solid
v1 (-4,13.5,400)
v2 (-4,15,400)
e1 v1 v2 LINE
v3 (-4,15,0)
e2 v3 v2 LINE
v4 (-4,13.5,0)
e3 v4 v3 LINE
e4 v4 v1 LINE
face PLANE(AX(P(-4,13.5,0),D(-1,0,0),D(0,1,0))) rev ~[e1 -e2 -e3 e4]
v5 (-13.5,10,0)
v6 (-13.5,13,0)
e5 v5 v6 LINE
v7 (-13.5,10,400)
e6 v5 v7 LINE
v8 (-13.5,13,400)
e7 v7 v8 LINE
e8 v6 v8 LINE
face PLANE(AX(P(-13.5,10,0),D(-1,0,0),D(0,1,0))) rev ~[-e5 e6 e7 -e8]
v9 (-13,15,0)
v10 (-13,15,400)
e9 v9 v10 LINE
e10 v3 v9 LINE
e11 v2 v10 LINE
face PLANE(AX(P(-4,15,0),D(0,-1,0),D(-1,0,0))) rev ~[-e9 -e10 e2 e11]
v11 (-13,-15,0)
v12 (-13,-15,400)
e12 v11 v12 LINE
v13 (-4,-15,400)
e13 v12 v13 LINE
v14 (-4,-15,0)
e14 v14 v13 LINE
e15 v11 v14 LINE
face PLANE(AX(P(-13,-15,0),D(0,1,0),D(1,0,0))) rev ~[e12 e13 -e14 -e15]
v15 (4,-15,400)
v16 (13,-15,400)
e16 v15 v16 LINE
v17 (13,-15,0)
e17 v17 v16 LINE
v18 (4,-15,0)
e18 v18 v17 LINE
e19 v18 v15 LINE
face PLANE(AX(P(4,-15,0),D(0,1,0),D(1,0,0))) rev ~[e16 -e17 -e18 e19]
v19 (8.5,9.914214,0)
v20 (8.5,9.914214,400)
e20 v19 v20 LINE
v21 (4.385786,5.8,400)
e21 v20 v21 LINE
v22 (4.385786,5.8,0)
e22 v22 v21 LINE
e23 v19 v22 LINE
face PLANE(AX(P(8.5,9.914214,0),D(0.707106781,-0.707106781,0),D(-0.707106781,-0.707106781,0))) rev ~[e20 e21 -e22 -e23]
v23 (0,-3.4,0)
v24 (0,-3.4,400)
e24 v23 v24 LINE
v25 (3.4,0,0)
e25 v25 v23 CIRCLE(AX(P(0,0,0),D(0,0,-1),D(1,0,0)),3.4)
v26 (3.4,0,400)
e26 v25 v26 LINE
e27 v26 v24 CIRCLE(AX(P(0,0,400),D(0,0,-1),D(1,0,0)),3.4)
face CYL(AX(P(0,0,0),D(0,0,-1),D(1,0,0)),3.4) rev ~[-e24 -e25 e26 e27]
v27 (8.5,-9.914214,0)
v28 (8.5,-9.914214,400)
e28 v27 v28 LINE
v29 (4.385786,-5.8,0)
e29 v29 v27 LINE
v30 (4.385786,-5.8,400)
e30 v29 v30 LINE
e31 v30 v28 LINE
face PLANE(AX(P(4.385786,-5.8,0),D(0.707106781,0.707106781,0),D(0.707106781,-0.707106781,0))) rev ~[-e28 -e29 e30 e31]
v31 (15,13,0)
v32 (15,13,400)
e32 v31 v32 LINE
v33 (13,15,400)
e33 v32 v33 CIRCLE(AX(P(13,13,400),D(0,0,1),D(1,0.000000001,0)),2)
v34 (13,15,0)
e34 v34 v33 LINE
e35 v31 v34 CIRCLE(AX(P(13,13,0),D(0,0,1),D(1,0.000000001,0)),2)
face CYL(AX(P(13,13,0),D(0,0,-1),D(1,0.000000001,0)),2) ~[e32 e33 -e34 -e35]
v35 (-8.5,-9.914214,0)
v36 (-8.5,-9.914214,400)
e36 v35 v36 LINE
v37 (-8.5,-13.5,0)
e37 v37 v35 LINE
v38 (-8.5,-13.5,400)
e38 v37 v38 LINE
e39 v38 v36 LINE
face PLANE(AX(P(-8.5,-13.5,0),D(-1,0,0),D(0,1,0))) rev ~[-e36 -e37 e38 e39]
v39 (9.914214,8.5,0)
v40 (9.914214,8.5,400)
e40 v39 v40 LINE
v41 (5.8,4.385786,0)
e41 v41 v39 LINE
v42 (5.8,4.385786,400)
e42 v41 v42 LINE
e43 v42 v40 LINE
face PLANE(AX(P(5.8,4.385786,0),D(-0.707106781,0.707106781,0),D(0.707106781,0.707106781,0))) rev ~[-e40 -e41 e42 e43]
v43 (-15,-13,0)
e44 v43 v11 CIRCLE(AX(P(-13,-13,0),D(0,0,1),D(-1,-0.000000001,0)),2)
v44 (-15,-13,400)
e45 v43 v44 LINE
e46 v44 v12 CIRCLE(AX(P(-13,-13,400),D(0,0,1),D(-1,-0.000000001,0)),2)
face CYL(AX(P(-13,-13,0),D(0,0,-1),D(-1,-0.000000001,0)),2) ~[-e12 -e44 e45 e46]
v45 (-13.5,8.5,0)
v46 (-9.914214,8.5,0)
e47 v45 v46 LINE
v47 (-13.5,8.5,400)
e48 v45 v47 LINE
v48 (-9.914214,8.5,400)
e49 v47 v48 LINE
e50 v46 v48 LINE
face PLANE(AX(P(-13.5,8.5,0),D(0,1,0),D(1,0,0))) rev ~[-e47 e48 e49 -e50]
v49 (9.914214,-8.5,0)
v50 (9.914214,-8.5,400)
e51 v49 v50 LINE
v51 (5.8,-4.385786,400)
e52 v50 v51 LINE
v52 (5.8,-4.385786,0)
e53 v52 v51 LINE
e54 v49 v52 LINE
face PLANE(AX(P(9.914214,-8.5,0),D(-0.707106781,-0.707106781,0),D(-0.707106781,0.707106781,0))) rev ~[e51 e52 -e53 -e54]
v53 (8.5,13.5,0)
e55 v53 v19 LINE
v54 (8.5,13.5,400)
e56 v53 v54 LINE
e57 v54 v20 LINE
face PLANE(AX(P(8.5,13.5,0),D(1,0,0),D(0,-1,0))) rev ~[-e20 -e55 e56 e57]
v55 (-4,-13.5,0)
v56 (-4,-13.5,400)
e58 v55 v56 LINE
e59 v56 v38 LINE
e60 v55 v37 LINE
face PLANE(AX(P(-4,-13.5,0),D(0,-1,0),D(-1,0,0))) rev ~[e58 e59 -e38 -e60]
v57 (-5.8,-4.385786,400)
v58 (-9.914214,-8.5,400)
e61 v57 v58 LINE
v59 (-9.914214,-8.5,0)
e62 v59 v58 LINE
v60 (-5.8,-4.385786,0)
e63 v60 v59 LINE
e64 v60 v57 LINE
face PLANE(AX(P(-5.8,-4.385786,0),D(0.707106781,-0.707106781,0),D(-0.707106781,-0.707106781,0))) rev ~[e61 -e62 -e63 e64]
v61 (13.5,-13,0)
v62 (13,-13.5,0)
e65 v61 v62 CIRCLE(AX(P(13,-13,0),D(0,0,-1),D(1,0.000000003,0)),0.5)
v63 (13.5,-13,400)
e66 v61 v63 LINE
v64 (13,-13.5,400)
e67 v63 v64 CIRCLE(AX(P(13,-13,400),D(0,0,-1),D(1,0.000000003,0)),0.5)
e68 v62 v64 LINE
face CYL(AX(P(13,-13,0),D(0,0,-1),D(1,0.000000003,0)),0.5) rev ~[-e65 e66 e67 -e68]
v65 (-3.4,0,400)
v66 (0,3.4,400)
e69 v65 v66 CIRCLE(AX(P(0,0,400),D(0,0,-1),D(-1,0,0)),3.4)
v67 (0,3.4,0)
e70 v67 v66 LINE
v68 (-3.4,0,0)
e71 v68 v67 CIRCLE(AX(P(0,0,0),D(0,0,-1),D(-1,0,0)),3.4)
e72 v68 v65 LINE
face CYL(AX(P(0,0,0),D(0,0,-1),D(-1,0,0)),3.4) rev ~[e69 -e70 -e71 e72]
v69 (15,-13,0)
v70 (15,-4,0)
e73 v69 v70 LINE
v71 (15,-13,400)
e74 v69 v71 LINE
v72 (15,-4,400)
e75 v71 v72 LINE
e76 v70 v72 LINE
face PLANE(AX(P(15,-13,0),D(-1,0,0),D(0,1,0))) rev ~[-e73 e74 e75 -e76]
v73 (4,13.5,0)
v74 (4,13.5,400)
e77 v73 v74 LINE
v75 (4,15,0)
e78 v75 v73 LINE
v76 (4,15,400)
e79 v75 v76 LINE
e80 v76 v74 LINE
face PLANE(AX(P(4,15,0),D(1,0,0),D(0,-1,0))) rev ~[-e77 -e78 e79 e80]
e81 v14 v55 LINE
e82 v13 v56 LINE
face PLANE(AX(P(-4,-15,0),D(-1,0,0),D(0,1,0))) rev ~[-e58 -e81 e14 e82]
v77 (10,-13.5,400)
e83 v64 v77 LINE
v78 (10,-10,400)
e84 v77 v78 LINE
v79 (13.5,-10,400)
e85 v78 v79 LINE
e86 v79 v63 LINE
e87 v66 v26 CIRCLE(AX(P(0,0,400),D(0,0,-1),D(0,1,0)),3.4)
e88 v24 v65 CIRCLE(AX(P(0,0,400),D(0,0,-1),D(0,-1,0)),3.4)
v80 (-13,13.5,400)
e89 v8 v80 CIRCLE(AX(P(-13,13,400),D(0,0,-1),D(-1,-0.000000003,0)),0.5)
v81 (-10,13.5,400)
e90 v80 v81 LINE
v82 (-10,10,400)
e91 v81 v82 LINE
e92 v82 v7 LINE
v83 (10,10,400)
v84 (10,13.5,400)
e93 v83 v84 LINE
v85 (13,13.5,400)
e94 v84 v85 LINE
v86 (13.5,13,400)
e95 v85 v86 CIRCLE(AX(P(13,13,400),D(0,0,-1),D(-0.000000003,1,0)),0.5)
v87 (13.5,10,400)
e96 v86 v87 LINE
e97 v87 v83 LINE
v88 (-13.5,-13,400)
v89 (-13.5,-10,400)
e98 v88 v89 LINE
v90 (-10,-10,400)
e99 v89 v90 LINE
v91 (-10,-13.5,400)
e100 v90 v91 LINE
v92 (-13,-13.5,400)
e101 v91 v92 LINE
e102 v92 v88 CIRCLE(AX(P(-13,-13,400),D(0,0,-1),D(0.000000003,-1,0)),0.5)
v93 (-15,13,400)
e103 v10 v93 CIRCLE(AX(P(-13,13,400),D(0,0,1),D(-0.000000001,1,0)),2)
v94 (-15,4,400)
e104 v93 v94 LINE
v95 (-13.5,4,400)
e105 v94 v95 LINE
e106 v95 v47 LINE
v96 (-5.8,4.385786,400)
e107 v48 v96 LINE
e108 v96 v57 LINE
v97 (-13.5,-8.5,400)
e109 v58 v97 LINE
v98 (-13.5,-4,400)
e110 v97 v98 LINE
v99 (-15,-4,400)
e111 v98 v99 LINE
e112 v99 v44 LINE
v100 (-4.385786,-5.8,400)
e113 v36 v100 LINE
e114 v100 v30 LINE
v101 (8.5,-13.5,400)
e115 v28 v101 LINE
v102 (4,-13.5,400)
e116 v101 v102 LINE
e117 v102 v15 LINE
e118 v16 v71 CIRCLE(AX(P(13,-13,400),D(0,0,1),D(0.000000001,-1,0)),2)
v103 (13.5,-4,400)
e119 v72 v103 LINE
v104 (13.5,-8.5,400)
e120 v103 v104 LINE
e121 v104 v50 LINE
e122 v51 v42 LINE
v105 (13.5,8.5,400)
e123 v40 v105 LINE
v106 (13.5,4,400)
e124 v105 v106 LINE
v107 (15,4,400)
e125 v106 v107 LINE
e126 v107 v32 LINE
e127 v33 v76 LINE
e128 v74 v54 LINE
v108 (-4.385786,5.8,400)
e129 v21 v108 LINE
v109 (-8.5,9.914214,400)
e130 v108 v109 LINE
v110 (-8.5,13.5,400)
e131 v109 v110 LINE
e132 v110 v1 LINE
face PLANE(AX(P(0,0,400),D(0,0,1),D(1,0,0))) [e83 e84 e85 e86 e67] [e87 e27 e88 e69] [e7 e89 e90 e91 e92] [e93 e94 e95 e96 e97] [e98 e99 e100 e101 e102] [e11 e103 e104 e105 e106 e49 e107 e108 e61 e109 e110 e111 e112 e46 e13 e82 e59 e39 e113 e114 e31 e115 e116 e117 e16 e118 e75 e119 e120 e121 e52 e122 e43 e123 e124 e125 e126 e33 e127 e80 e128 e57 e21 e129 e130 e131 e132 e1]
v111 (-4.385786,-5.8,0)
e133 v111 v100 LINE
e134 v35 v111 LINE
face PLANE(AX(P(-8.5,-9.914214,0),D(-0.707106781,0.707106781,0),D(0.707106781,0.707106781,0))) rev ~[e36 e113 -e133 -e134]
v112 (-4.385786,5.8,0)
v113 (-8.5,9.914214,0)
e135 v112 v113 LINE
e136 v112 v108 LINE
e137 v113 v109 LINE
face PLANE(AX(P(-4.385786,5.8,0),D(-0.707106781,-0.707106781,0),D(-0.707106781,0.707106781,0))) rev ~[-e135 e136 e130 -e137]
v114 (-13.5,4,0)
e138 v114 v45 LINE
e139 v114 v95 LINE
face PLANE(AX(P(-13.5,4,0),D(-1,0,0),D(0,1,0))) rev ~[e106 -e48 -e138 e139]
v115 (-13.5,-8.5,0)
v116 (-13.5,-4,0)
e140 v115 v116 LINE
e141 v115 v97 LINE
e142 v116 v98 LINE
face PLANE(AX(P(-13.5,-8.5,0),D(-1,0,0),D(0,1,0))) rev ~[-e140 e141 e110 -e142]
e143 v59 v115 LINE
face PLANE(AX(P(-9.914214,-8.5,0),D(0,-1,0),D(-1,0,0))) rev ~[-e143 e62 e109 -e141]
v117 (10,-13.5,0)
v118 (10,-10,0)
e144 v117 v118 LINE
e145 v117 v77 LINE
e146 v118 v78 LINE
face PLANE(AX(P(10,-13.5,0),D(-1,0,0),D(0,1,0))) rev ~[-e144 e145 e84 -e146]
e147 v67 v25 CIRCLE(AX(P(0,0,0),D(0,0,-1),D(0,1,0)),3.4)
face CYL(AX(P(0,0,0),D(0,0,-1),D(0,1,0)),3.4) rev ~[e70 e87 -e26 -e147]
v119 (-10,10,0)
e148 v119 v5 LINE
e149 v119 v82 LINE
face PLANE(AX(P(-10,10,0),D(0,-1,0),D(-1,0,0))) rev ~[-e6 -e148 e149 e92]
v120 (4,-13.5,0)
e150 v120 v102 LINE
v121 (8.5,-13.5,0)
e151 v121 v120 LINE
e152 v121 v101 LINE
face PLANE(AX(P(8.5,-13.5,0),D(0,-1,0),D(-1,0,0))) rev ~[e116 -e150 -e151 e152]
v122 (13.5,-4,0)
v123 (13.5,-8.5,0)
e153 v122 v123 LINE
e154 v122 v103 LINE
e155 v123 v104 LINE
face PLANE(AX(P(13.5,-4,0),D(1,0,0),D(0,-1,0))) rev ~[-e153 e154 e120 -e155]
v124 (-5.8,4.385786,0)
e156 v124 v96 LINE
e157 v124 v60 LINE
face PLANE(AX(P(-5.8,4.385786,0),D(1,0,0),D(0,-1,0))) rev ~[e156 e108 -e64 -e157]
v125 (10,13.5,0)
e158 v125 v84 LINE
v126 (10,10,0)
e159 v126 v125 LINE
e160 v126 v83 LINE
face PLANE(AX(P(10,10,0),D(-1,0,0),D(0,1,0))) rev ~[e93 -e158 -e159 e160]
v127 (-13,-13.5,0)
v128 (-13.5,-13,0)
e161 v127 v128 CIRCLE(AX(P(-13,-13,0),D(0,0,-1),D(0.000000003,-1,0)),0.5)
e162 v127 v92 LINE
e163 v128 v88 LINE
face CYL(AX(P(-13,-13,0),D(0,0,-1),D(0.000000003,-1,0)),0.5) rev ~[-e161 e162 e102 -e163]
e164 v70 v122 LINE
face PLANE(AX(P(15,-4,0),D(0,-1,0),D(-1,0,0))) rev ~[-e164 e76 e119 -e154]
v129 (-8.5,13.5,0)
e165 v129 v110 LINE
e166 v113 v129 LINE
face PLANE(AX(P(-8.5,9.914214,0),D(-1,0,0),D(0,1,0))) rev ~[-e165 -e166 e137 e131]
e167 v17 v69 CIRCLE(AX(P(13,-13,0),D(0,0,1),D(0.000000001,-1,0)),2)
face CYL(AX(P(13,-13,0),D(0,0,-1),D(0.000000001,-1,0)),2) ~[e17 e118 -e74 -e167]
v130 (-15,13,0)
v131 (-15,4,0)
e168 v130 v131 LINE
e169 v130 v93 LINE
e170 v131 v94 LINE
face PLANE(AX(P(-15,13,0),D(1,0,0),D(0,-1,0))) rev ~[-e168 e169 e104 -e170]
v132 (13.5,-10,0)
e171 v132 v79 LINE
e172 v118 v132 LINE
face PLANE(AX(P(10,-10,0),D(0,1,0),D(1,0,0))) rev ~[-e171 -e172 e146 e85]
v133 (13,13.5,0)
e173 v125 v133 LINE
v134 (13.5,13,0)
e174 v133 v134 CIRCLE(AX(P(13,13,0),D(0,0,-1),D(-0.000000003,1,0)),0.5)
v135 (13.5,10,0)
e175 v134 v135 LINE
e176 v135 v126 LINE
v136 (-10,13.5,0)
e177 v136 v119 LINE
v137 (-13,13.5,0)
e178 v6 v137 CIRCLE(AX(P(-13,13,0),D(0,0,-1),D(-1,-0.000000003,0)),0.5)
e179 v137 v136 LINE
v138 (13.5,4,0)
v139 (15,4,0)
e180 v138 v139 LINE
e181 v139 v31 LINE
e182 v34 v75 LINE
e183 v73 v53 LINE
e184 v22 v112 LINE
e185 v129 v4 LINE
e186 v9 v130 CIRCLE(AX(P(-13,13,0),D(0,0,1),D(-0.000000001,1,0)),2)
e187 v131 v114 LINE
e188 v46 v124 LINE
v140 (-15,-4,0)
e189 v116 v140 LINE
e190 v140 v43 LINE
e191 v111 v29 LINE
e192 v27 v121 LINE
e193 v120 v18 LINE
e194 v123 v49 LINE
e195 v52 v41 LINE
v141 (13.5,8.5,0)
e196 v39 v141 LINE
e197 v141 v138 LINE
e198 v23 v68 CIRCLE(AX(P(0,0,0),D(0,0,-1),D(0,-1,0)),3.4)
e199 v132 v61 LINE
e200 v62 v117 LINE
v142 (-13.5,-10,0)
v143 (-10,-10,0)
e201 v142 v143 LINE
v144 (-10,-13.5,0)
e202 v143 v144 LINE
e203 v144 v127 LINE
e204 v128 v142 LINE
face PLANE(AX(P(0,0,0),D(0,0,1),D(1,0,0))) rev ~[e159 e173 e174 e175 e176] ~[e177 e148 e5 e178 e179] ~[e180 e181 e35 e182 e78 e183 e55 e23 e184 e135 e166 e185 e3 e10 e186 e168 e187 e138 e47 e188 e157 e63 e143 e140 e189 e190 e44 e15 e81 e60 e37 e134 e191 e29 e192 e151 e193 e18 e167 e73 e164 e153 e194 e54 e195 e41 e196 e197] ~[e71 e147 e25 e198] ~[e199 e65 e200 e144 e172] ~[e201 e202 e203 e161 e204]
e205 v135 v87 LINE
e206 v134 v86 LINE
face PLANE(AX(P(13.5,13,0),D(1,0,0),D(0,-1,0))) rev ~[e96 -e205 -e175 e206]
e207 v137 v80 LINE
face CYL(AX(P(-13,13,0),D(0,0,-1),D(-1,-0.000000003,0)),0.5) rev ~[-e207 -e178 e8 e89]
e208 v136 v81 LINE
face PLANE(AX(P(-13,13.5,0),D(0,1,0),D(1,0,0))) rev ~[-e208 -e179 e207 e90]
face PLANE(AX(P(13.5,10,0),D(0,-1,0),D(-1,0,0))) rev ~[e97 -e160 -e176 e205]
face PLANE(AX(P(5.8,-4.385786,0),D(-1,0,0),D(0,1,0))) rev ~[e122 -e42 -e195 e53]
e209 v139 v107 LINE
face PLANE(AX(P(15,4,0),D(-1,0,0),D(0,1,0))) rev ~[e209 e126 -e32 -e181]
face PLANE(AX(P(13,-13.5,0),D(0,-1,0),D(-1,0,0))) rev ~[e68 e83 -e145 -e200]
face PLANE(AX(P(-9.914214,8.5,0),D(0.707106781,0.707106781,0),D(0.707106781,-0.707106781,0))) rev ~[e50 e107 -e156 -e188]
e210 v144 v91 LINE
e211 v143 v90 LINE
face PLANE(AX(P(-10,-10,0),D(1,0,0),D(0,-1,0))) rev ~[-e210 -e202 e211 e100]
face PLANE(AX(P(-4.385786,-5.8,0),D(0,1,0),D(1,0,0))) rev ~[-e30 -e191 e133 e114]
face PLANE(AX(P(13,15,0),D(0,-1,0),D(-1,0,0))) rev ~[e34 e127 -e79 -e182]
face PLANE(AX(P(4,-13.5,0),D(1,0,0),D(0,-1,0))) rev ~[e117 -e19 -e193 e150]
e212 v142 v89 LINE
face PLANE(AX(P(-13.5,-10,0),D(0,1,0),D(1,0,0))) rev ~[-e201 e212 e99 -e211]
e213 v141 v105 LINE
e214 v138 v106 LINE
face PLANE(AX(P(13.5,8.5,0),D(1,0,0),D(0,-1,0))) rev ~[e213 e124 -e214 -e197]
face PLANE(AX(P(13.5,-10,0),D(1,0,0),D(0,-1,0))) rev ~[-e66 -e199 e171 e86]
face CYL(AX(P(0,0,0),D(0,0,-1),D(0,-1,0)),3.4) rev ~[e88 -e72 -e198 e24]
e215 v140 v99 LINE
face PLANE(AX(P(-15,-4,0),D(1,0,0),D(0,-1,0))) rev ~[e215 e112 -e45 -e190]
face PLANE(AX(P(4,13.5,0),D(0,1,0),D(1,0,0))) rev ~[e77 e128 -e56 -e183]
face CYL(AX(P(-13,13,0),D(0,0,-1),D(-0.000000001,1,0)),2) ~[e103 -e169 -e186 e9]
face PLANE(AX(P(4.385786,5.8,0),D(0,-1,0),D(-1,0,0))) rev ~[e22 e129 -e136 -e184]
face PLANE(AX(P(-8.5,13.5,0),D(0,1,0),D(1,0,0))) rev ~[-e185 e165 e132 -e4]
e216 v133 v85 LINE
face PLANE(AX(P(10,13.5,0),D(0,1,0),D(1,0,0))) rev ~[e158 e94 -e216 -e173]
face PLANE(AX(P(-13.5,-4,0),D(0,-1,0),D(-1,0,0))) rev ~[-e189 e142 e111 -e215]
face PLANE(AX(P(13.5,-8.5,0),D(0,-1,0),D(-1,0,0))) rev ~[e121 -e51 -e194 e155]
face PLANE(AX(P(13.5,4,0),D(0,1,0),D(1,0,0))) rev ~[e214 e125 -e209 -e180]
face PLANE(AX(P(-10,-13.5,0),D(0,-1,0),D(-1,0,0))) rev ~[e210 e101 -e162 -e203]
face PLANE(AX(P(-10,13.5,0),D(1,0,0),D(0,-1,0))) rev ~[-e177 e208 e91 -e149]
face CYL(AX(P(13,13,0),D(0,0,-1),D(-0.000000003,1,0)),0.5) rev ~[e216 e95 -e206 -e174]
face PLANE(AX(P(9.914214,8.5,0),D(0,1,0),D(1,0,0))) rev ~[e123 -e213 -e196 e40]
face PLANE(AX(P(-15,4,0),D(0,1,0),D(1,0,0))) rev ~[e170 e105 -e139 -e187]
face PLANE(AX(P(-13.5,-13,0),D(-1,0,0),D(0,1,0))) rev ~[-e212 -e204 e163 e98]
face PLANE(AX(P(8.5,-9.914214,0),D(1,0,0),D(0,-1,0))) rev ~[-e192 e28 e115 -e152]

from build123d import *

# Parameters (mm, degrees)
DODANIE_WYCI_GNI_CIE1_DEPTH = 400


with BuildPart() as part:
    # Szkic1 → Dodanie-wyciągnięcie1 (new body)
    with BuildSketch(Plane.XY):
        with BuildLine():
            Line((4.385786438, 5.8), (0, 5.8))
            Line((0, 5.8), (-4.385786438, 5.8))
            Line((-4.385786438, 5.8), (-8.5, 9.914213562))
            Line((-8.5, 9.914213562), (-8.5, 13.5))
            Line((-8.5, 13.5), (-4, 13.5))
            Line((-4, 13.5), (-4, 15))
            Line((-4, 15), (-13, 15))
            ThreePointArc((-13, 15), (-14.414213562, 14.414213562), (-15, 13))
            Line((-15, 13), (-15, 4))
            Line((-15, 4), (-13.5, 4))
            Line((-13.5, 4), (-13.5, 8.5))
            Line((-13.5, 8.5), (-9.914213562, 8.5))
            Line((-9.914213562, 8.5), (-5.8, 4.385786438))
            Line((-5.8, 4.385786438), (-5.8, 0))
            Line((-5.8, 0), (-5.8, -4.385786438))
            Line((-5.8, -4.385786438), (-9.914213562, -8.5))
            Line((-9.914213562, -8.5), (-13.5, -8.5))
            Line((-13.5, -8.5), (-13.5, -4))
            Line((-13.5, -4), (-15, -4))
            Line((-15, -4), (-15, -13))
            ThreePointArc((-15, -13), (-14.414213562, -14.414213562), (-13, -15))
            Line((-13, -15), (-4, -15))
            Line((-4, -15), (-4, -13.5))
            Line((-4, -13.5), (-8.5, -13.5))
            Line((-8.5, -13.5), (-8.5, -9.914213562))
            Line((-8.5, -9.914213562), (-4.385786438, -5.8))
            Line((-4.385786438, -5.8), (0, -5.8))
            Line((0, -5.8), (4.385786438, -5.8))
            Line((4.385786438, -5.8), (8.5, -9.914213562))
            Line((8.5, -9.914213562), (8.5, -13.5))
            Line((8.5, -13.5), (4, -13.5))
            Line((4, -13.5), (4, -15))
            Line((4, -15), (13, -15))
            ThreePointArc((13, -15), (14.414213562, -14.414213562), (15, -13))
            Line((15, -13), (15, -4))
            Line((15, -4), (13.5, -4))
            Line((13.5, -4), (13.5, -8.5))
            Line((13.5, -8.5), (9.914213562, -8.5))
            Line((9.914213562, -8.5), (5.8, -4.385786438))
            Line((5.8, -4.385786438), (5.8, 0))
            Line((5.8, 0), (5.8, 4.385786438))
            Line((5.8, 4.385786438), (9.914213562, 8.5))
            Line((9.914213562, 8.5), (13.5, 8.5))
            Line((13.5, 8.5), (13.5, 4))
            Line((13.5, 4), (15, 4))
            Line((15, 4), (15, 13))
            ThreePointArc((15, 13), (14.414213562, 14.414213562), (13, 15))
            Line((13, 15), (4, 15))
            Line((4, 15), (4, 13.5))
            Line((4, 13.5), (8.5, 13.5))
            Line((8.5, 13.5), (8.5, 9.914213562))
            Line((8.5, 9.914213562), (4.385786438, 5.8))
        make_face()
        with BuildLine():
            Line((-13.5, -10), (-10, -10))
            Line((-10, -10), (-10, -13.5))
            Line((-10, -13.5), (-13, -13.5))
            ThreePointArc((-13, -13.5), (-13.353553391, -13.353553391), (-13.5, -13))
            Line((-13.5, -13), (-13.5, -10))
        make_face(mode=Mode.SUBTRACT)
        with BuildLine():
            Line((10, -13.5), (10, -10))
            Line((10, -10), (13.5, -10))
            Line((13.5, -10), (13.5, -13))
            ThreePointArc((13.5, -13), (13.353553391, -13.353553391), (13, -13.5))
            Line((13, -13.5), (10, -13.5))
        make_face(mode=Mode.SUBTRACT)
        with BuildLine():
            ThreePointArc((3.4, 0), (2.404163056, -2.404163056), (0, -3.4))
            ThreePointArc((0, -3.4), (-2.404163056, -2.404163056), (-3.4, 0))
            ThreePointArc((-3.4, 0), (-2.404163056, 2.404163056), (0, 3.4))
            ThreePointArc((0, 3.4), (2.404163056, 2.404163056), (3.4, 0))
        make_face(mode=Mode.SUBTRACT)
        with BuildLine():
            Line((-10, 13.5), (-10, 10))
            Line((-10, 10), (-13.5, 10))
            Line((-13.5, 10), (-13.5, 13))
            ThreePointArc((-13.5, 13), (-13.353553391, 13.353553391), (-13, 13.5))
            Line((-13, 13.5), (-10, 13.5))
        make_face(mode=Mode.SUBTRACT)
        with BuildLine():
            Line((10, 10), (10, 13.5))
            Line((10, 13.5), (13, 13.5))
            ThreePointArc((13, 13.5), (13.353553391, 13.353553391), (13.5, 13))
            Line((13.5, 13), (13.5, 10))
            Line((13.5, 10), (10, 10))
        make_face(mode=Mode.SUBTRACT)
    extrude(amount=DODANIE_WYCI_GNI_CIE1_DEPTH)


solid = part.part
